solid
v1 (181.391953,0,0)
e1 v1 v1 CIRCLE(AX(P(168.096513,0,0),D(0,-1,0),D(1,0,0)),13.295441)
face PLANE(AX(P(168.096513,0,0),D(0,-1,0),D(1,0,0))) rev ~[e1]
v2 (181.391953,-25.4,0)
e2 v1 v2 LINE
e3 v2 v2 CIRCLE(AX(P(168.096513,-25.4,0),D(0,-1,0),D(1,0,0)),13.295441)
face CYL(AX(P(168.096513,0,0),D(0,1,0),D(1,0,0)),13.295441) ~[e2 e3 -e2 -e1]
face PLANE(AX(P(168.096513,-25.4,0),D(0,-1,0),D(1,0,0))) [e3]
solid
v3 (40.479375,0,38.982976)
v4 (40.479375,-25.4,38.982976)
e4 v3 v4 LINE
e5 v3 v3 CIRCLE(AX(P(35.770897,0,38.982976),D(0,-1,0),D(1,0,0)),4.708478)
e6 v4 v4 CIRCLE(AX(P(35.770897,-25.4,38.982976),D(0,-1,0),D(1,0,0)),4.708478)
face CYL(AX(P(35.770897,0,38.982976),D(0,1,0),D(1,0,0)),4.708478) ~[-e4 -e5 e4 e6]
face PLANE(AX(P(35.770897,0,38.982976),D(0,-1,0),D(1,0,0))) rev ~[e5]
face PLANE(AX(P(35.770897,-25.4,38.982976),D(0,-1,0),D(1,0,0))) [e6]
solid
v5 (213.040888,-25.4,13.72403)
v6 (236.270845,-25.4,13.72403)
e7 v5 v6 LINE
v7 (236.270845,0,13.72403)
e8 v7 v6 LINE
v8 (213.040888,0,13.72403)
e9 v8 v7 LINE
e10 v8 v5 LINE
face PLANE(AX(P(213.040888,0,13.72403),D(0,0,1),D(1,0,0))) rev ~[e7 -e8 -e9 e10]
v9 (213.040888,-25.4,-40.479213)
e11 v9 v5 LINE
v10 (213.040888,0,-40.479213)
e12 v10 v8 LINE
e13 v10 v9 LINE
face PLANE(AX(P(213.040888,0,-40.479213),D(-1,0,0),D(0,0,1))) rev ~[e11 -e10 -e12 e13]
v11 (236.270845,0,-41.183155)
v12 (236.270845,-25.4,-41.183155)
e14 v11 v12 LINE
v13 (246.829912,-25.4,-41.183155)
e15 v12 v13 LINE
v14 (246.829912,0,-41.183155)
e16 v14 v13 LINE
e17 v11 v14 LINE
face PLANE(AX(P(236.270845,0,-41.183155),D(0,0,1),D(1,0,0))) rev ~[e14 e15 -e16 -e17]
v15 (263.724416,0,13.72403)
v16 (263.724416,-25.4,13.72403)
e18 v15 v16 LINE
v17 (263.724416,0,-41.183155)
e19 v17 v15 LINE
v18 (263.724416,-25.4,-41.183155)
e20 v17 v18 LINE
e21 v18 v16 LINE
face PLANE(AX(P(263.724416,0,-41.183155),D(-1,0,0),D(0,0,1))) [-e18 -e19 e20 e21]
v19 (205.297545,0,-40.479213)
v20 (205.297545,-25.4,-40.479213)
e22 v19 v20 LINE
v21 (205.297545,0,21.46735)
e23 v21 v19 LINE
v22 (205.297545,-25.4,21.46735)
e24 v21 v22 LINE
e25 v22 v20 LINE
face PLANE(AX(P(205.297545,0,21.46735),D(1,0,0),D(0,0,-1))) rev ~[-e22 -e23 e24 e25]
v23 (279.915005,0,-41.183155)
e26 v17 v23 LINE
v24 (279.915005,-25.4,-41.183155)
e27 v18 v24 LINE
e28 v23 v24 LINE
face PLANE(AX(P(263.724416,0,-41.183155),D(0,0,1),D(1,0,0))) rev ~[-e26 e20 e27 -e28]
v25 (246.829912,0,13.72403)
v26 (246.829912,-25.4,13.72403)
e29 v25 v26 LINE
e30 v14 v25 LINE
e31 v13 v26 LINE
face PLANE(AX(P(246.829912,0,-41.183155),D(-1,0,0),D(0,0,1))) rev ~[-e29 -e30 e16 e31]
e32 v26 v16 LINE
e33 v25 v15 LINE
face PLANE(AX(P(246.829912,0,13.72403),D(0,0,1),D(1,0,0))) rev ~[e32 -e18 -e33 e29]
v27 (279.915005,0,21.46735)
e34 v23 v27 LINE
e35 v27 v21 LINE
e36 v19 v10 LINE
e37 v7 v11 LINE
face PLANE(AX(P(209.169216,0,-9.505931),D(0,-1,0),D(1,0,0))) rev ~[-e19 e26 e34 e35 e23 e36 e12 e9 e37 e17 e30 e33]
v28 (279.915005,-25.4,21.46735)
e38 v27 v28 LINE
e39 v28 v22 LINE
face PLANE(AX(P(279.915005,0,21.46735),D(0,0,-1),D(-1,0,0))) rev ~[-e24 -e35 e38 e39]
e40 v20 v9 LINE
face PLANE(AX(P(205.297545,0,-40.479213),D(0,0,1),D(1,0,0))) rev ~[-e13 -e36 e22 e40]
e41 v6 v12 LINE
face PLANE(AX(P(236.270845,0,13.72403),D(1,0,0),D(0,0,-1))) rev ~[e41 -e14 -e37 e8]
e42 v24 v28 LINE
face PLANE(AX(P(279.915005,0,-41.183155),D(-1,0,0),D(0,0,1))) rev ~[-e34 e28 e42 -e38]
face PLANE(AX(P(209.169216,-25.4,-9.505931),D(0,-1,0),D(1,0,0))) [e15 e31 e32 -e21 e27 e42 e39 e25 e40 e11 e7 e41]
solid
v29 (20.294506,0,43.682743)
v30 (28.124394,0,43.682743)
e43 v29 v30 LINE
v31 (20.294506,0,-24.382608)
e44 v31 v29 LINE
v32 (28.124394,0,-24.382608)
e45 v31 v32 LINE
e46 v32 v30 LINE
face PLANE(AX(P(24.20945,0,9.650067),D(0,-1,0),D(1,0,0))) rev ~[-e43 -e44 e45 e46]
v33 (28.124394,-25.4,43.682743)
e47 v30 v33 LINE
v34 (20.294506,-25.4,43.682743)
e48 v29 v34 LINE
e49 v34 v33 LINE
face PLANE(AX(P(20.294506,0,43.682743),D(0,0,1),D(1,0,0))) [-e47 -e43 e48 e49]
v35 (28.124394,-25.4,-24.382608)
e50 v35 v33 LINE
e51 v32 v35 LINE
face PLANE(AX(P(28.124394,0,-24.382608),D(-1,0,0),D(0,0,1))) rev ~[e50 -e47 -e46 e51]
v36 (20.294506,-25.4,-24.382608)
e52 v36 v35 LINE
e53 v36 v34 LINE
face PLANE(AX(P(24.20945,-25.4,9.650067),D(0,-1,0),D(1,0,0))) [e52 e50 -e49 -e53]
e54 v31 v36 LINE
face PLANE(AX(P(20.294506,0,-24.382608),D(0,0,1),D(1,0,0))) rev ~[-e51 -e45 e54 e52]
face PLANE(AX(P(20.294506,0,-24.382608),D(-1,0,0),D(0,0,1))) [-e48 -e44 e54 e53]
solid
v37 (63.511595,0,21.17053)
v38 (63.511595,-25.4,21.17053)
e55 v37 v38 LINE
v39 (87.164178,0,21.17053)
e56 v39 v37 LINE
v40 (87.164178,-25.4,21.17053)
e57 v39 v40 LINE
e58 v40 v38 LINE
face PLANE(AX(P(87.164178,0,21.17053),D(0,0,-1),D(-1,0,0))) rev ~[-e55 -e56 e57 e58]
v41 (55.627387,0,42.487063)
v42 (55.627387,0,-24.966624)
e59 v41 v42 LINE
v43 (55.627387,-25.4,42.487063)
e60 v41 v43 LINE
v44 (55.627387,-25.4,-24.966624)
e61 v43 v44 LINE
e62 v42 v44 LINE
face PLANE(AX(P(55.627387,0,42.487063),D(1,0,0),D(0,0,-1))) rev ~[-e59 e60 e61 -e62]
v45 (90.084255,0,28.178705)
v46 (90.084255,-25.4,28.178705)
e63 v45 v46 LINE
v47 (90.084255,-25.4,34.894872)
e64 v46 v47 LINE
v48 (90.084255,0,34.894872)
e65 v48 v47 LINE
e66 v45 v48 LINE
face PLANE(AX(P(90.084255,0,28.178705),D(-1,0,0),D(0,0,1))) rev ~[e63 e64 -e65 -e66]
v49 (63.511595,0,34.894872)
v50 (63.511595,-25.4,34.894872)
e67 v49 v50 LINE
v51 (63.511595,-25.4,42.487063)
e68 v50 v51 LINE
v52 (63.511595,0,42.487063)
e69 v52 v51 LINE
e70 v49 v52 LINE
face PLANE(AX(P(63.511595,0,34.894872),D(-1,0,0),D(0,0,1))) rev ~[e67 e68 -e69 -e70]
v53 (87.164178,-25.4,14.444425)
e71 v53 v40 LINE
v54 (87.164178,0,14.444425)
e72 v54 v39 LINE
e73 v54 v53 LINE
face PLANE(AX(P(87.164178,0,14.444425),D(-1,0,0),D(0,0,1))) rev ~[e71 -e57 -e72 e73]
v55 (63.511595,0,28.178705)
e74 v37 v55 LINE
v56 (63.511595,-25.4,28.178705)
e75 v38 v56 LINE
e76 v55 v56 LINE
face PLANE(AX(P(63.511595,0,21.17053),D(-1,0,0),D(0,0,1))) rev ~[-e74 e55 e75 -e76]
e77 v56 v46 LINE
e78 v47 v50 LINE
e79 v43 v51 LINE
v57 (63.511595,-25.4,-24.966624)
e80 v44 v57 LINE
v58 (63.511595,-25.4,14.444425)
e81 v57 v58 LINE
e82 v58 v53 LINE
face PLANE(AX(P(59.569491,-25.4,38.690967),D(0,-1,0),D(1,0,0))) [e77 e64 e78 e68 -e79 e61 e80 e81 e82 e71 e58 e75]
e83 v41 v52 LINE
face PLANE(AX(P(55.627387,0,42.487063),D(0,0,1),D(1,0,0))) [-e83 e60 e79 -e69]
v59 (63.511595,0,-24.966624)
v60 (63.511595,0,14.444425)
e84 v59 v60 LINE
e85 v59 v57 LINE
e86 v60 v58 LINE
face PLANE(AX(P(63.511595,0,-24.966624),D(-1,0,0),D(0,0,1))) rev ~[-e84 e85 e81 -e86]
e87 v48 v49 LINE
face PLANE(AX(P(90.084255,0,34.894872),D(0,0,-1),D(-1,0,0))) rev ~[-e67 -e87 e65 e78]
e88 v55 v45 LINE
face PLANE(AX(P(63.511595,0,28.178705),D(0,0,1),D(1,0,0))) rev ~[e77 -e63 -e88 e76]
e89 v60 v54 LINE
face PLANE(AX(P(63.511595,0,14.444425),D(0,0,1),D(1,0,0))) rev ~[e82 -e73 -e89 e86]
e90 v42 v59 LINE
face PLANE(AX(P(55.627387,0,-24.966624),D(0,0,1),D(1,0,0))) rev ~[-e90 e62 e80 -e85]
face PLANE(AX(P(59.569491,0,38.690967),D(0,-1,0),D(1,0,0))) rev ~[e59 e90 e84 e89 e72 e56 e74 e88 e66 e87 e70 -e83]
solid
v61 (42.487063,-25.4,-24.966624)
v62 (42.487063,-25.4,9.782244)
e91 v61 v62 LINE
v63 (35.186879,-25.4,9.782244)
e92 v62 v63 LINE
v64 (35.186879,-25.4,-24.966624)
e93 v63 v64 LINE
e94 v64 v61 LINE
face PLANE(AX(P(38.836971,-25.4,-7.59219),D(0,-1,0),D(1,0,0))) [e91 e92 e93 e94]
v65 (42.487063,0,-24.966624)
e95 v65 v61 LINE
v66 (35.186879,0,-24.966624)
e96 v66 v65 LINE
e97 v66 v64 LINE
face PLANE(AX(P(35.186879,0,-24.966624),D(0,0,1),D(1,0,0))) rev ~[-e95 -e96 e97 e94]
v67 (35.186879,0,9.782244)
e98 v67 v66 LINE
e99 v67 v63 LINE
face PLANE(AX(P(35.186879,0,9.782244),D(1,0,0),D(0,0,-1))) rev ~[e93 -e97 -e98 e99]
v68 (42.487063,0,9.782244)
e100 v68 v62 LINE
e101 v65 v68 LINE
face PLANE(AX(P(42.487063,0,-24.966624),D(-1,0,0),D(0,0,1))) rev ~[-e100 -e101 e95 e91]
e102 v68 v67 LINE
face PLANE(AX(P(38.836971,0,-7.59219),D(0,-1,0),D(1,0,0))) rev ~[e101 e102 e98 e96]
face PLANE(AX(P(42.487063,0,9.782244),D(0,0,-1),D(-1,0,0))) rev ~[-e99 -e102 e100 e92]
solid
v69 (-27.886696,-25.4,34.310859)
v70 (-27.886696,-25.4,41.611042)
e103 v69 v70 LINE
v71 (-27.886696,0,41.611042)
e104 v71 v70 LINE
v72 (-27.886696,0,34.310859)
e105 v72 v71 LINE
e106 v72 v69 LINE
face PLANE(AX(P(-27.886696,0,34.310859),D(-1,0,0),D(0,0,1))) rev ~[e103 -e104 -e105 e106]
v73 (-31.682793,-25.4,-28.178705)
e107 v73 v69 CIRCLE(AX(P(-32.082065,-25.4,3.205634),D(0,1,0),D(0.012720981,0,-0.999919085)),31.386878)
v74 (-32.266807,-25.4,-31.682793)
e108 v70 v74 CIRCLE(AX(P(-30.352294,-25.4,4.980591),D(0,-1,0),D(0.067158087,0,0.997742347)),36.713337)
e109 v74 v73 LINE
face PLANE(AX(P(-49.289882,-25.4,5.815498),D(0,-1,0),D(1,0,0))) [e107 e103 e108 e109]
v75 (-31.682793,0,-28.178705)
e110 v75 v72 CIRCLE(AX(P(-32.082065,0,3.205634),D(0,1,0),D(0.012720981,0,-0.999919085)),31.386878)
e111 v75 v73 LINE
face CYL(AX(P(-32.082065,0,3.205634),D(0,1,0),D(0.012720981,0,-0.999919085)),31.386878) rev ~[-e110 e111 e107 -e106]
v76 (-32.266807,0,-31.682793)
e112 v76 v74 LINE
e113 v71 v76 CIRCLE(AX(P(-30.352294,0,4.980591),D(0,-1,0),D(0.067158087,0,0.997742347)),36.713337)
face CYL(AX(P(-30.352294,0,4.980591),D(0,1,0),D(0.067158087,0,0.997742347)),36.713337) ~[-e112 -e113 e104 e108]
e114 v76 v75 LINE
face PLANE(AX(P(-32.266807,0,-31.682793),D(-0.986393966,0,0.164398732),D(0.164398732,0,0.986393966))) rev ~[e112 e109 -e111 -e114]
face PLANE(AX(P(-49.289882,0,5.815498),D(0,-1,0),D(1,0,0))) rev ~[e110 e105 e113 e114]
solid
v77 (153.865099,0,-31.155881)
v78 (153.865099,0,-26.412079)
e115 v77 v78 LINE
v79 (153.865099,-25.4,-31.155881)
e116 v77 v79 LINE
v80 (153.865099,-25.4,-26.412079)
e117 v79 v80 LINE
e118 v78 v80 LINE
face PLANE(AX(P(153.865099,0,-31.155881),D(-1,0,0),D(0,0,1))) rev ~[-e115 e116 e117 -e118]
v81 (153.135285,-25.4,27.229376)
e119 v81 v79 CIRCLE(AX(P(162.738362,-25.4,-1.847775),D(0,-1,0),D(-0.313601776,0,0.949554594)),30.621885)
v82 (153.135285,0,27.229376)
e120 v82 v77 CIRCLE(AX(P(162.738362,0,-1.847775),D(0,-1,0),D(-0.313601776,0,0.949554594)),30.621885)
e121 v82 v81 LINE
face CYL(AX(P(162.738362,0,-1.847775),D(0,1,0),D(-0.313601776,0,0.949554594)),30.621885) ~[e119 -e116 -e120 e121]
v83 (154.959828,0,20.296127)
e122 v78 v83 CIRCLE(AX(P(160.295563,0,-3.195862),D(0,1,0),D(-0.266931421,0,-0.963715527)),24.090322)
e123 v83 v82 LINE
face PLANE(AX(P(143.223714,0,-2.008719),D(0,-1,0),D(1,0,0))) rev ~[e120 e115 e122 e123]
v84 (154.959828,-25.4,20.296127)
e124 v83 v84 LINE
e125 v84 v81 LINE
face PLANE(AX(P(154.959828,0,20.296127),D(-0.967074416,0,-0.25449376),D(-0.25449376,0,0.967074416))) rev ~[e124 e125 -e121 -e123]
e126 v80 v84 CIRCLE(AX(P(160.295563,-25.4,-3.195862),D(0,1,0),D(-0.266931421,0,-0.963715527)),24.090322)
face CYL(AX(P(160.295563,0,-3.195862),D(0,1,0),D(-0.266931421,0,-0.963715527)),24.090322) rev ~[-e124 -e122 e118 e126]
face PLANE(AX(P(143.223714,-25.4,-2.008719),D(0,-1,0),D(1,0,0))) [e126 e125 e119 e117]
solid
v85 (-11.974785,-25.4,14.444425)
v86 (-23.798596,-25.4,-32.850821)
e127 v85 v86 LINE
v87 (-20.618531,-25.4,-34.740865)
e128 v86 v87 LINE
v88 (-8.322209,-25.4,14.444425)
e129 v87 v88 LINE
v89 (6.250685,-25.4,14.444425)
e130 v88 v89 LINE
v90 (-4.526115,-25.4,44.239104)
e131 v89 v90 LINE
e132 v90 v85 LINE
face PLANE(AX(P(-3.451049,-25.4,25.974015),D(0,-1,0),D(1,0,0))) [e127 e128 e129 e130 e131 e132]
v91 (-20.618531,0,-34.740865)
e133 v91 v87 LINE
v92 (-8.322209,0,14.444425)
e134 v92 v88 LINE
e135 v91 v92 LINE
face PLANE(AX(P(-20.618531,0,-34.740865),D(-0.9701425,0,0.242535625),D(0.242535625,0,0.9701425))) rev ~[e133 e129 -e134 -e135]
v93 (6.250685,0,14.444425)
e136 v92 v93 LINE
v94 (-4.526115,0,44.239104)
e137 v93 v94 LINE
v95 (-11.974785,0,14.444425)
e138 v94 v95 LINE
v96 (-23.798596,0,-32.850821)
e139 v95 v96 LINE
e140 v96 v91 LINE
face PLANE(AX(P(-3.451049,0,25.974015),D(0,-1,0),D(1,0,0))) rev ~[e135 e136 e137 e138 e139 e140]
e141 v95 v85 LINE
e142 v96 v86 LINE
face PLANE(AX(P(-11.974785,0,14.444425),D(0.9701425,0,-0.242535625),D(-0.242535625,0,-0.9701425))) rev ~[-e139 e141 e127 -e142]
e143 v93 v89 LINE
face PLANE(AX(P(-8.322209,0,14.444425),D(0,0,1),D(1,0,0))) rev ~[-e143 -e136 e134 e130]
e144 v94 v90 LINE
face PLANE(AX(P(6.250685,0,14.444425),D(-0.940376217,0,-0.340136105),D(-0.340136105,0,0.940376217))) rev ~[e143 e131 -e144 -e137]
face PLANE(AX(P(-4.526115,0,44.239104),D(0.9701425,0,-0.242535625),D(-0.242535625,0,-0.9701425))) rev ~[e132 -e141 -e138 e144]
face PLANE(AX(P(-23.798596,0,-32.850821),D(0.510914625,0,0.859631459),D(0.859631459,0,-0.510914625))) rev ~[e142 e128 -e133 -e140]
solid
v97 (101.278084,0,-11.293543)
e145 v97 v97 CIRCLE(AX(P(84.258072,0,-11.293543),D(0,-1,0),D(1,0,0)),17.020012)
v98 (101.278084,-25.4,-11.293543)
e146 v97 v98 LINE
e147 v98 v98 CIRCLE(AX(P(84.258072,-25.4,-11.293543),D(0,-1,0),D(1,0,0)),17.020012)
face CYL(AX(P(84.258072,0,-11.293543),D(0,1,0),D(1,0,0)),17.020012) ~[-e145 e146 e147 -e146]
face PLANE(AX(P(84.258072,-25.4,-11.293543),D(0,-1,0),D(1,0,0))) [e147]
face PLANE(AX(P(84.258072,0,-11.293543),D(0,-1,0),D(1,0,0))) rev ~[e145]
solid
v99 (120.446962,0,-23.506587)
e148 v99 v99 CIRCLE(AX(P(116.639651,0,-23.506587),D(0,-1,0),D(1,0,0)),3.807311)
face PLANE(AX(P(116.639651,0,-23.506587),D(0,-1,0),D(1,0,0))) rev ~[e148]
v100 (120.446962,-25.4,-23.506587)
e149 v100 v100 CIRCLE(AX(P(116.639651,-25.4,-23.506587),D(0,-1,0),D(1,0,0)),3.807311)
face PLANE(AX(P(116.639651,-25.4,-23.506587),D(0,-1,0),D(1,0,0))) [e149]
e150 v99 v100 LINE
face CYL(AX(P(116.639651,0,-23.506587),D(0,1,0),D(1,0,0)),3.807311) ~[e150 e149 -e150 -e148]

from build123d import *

# Parameters (mm, degrees)
F1_DEPTH = 25.4
F0_W     = 7.8298877925
F0_H     = 68.0653508753
F0_R     = 4.7084777796
F0_W_2   = 7.884208113
F0_H_2   = 7.592190057
F0_H_3   = 6.7161675543
F0_H_4   = 7.0081744343
F0_H_5   = 6.7261058703
F0_R_2   = 17.0200115099
F2_R     = 3.8073110524
F3_DEPTH = 25.4
F2_R_2   = 13.2954407617
F2_W     = 23.2299566269
F2_H     = 7.7433204278
F2_W_2   = 16.1905884743
F2_H_2   = 54.9071850255


with BuildPart() as f1:
    # F0 (on Front) → F1 (new body)
    with BuildSketch(Plane.XZ):
        with BuildLine():
            Line((-27.8866961598, 34.3108586967), (-27.8866961598, 41.6110418737))
            ThreePointArc((-27.8866961598, 41.6110418737), (-67.0002469524, 7.1707083067), (-32.2668068111, -31.682793051))
            Line((-32.2668068111, -31.682793051), (-31.682793051, -28.1787049025))
            ThreePointArc((-31.682793051, -28.1787049025), (-63.4111898789, 5.1088059067), (-27.8866961598, 34.3108586967))
        make_face()
    extrude(amount=F1_DEPTH)


with BuildPart() as f1b:
    # F0 (on Front) → F1, piece 2 (new body)
    with BuildSketch(Plane.XZ):
        Polygon((6.2506846873, 14.4444245979), (-4.5261150226, 44.2391037941), (-11.9747848216, 14.4444245979), (-8.3222091198, 14.4444245979), (0, 14.4444245979), align=None)
        Polygon((-8.3222091198, 14.4444245979), (-11.9747848216, 14.4444245979), (-23.7985961139, -32.8508205712), (-20.6185314836, -34.7408648572), align=None)
    extrude(amount=F1_DEPTH)


with BuildPart() as f1c:
    # F0 (on Front) → F1, piece 3 (new body)
    with BuildSketch(Plane.XZ):
        with Locations((24.209449999, 9.6500674263)):
            Rectangle(F0_W, F0_H)
    extrude(amount=F1_DEPTH)


with BuildPart() as f1d:
    # F0 (on Front) → F1, piece 4 (new body)
    with BuildSketch(Plane.XZ):
        Polygon((42.4870625138, 9.7822444513), (35.1868793368, 9.7822444513), (35.1868793368, -24.3826080114), (35.1868793368, -24.9666236341), (42.4870625138, -24.9666236341), align=None)
    extrude(amount=F1_DEPTH)


with BuildPart() as f1e:
    # F0 (on Front) → F1, piece 5 (new body)
    with BuildSketch(Plane.XZ):
        with Locations((35.7708968222, 38.982976228)):
            Circle(F0_R)
    extrude(amount=F1_DEPTH)


with BuildPart() as f1f:
    # F0 (on Front) → F1, piece 6 (new body)
    with BuildSketch(Plane.XZ):
        with Locations((59.5694910735, 38.6909674853)):
            Rectangle(F0_W_2, F0_H_2)
        with Locations((59.5694910735, 31.5367886797)):
            Rectangle(F0_W_2, F0_H_3)
        with Locations((59.5694910735, 24.6746176854)):
            Rectangle(F0_W_2, F0_H_4)
        Polygon((75.775898993, 34.8948724568), (63.51159513, 34.8948724568), (63.51159513, 28.1787049025), (90.0842547417, 28.1787049025), (90.0842547417, 34.8948724568), align=None)
        with Locations((59.5694910735, 17.8074775331)):
            Rectangle(F0_W_2, F0_H_5)
        Polygon((63.51159513, 14.4444245979), (55.627387017, 14.4444245979), (55.627387017, -22.6305667311), (55.627387017, -24.9666236341), (63.51159513, -24.9666236341), align=None)
        Polygon((77.2359371185, 21.1705304682), (63.51159513, 21.1705304682), (63.51159513, 14.4444245979), (87.1641784906, 14.4444245979), (87.1641784906, 21.1705304682), align=None)
    extrude(amount=F1_DEPTH)


with BuildPart() as f1g:
    # F0 (on Front) → F1, piece 7 (new body)
    with BuildSketch(Plane.XZ):
        with Locations((84.2580720782, -11.2935425714)):
            Circle(F0_R_2)
    extrude(amount=F1_DEPTH)


with BuildPart() as f3:
    # F2 (on Front) → F3 (new body)
    with BuildSketch(Plane.XZ):
        with Locations((116.6396513581, -23.5065873712)):
            Circle(F2_R)
    extrude(amount=F3_DEPTH)


with BuildPart() as f3b:
    # F2 (on Front) → F3, piece 2 (new body)
    with BuildSketch(Plane.XZ):
        with BuildLine():
            Line((154.9598276615, 20.2961266041), (153.1352847815, 27.2293761373))
            ThreePointArc((153.1352847815, 27.2293761373), (132.1188694246, -2.2305181695), (153.8650989532, -31.1558805406))
            Line((153.8650989532, -31.1558805406), (153.8650989532, -26.4120791107))
            ThreePointArc((153.8650989532, -26.4120791107), (136.2118550036, -2.6313974946), (154.9598276615, 20.2961266041))
        make_face()
    extrude(amount=F3_DEPTH)


with BuildPart() as f3c:
    # F2 (on Front) → F3, piece 3 (new body)
    with BuildSketch(Plane.XZ):
        with Locations((168.0965125561, 0)):
            Circle(F2_R_2)
    extrude(amount=F3_DEPTH)


with BuildPart() as f3d:
    # F2 (on Front) → F3, piece 4 (new body)
    with BuildSketch(Plane.XZ):
        Polygon((213.0408883095, 21.4673504233), (205.2975445986, 21.4673504233), (205.2975445986, -40.4792129993), (213.0408883095, -40.4792129993), (213.0408883095, 13.7240299955), align=None)
        with Locations((224.6558666229, 17.5956902094)):
            Rectangle(F2_W, F2_H)
        Polygon((246.8299120665, 21.4673504233), (236.2708449364, 21.4673504233), (236.2708449364, 13.7240299955), (236.2708449364, -41.18315503), (246.8299120665, -41.18315503), (246.8299120665, 13.7240299955), align=None)
        Polygon((279.9150049686, 21.4673504233), (246.8299120665, 21.4673504233), (246.8299120665, 13.7240299955), (263.7244164944, 13.7240299955), (279.9150049686, 13.7240299955), align=None)
        with Locations((271.8197107315, -13.7295625173)):
            Rectangle(F2_W_2, F2_H_2)
    extrude(amount=F3_DEPTH)


solid = Compound([f1.part, f1b.part, f1c.part, f1d.part, f1e.part, f1f.part, f1g.part, f3.part, f3b.part, f3c.part, f3d.part])
